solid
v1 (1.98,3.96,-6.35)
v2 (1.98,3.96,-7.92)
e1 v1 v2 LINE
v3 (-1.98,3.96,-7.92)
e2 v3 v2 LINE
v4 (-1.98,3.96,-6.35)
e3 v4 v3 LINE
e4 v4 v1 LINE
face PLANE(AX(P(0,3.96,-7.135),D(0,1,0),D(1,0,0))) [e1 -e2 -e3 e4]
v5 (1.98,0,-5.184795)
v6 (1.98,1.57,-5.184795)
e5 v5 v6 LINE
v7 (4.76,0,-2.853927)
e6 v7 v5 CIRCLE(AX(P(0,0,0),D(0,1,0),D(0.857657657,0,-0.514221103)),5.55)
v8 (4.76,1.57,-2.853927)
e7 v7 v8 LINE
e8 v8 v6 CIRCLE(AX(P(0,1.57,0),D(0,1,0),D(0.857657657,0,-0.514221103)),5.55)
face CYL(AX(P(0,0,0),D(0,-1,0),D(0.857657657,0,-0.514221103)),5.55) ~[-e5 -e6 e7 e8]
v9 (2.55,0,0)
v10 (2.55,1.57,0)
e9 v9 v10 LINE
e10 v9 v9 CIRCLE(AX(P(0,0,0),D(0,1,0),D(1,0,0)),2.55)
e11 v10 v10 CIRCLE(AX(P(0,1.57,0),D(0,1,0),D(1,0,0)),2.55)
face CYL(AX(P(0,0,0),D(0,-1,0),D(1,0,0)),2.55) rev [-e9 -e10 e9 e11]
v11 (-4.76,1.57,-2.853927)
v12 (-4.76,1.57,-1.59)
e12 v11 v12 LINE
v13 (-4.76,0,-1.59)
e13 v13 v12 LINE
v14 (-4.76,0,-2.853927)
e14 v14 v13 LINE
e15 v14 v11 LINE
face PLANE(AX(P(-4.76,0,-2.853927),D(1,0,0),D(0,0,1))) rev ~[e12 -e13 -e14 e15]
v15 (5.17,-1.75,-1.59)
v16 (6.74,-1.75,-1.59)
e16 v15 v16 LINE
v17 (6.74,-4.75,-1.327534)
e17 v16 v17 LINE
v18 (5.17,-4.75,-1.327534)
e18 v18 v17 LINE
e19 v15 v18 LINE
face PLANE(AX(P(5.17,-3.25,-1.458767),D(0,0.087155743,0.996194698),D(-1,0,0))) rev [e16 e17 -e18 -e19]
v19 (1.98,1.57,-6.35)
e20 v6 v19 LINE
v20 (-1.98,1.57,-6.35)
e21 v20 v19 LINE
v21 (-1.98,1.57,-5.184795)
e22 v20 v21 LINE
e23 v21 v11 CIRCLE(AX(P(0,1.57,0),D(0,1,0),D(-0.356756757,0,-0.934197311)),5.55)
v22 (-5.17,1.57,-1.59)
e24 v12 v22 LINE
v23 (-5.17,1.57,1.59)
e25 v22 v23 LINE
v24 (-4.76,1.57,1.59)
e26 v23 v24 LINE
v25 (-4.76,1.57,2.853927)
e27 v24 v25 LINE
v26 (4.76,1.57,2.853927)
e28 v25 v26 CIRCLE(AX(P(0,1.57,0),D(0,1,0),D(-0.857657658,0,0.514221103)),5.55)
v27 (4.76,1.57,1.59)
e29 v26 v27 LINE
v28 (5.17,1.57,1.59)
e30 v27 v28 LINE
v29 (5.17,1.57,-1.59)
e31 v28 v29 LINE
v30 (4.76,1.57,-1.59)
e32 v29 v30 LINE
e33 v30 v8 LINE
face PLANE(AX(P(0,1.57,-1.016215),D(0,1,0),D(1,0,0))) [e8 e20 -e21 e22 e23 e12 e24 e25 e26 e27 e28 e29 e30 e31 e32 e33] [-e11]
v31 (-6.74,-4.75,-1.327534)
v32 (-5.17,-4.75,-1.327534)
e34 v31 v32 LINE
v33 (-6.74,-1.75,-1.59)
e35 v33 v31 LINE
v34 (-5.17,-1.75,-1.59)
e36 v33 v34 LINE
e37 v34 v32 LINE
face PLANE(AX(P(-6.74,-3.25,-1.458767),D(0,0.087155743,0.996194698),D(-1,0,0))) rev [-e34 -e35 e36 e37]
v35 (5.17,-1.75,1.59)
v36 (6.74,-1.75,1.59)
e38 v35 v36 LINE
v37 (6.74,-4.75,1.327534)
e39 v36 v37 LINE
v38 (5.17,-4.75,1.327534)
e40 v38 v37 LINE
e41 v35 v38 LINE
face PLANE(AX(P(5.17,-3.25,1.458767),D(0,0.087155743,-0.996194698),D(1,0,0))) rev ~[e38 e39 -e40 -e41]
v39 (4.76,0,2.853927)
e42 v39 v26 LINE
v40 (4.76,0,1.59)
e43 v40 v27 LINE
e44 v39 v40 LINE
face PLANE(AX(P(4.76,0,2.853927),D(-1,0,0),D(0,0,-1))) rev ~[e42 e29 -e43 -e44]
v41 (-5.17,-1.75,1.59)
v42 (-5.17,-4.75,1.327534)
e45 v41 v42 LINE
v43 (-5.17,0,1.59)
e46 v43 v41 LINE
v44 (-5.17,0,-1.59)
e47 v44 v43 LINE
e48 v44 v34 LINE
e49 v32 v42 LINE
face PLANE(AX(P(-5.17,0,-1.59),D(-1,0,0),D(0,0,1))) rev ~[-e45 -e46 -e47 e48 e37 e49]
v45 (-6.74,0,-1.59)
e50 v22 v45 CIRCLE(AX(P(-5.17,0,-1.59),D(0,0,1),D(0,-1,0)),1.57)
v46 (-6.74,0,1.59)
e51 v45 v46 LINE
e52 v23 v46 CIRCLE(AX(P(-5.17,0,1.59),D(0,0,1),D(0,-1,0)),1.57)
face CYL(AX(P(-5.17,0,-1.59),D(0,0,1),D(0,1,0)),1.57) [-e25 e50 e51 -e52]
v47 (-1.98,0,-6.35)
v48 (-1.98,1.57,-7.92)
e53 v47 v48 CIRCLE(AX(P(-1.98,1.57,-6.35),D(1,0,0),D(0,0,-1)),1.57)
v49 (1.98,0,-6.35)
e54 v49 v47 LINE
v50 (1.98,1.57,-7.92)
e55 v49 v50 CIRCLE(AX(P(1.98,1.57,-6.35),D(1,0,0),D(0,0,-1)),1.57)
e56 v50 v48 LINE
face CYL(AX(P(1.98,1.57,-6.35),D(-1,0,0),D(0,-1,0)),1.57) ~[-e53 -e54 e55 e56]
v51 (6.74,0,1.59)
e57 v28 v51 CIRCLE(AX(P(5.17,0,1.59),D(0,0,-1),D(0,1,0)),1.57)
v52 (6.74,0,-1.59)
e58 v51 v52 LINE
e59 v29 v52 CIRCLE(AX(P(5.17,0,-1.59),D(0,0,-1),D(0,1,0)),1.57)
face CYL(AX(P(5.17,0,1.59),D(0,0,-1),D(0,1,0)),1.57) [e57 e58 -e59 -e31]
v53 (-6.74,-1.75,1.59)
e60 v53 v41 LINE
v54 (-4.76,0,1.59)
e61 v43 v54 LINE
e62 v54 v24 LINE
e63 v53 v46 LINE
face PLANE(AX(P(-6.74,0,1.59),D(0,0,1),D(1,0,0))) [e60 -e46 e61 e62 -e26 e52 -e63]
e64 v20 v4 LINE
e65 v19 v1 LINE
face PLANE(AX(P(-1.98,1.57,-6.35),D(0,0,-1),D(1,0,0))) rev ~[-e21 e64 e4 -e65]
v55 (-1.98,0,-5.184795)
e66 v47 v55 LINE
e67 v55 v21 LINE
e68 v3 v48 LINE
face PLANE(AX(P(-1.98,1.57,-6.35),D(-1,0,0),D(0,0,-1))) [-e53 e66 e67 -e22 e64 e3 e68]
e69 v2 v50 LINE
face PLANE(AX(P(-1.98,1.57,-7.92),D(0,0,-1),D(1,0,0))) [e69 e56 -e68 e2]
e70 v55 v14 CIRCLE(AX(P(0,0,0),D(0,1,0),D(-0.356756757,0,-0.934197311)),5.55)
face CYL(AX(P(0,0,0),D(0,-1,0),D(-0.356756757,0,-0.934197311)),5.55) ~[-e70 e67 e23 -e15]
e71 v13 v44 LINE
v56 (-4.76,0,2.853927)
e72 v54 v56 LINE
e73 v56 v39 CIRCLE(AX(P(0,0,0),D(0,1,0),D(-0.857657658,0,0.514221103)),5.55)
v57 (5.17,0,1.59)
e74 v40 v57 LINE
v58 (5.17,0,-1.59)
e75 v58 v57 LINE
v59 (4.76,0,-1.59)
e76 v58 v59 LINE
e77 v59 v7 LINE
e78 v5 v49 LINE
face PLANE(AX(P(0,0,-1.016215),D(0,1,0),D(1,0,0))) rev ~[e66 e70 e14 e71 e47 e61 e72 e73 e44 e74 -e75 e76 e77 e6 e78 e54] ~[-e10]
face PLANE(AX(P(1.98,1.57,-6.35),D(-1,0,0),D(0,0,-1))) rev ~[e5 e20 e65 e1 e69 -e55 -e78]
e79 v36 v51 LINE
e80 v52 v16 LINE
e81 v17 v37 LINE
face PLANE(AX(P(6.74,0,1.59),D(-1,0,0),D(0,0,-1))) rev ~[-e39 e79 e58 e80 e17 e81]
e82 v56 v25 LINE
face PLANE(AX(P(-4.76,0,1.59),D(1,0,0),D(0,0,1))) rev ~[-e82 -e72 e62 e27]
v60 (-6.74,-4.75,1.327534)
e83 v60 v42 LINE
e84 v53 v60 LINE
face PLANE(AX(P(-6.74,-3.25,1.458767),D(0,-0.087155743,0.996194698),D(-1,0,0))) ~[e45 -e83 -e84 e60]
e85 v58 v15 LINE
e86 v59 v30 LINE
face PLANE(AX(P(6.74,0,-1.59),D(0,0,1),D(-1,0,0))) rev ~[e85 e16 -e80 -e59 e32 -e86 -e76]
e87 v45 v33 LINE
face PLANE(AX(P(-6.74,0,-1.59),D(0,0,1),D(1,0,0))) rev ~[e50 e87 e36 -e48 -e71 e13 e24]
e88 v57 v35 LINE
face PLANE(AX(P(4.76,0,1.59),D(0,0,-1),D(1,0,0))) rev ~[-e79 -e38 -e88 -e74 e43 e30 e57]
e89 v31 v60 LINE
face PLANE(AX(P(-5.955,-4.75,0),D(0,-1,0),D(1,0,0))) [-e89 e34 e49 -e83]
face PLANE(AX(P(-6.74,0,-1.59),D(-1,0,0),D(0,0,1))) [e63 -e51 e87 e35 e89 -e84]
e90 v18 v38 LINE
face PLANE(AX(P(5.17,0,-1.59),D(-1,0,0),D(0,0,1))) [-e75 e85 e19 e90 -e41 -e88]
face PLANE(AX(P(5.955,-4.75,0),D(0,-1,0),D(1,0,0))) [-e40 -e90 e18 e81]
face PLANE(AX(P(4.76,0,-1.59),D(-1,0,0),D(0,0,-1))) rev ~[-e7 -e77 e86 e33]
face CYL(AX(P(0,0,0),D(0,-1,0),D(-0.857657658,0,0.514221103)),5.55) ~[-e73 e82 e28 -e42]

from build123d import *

# Parameters (mm, degrees)
SKETCH1_R             = 2.55
BOSS_EXTRUDE1_DEPTH   = 1.57
SKETCH2_W             = 1.57
SKETCH2_H             = 3.18
BOSS_EXTRUDE2_DEPTH   = 4.75
SKETCH3_W             = 3.96
SKETCH3_H             = 1.57
BOSS_EXTRUDE3_DEPTH   = 2.39
FILLET1_R             = 1.57
CHAMFER1_SIZE         = 3
CHAMFER1_SIZE2        = 0.262465991
CHAMFER1_PART_2_SIZE  = 3
CHAMFER1_PART_2_SIZE2 = 0.262465991
CHAMFER1_PART_3_SIZE  = 3
CHAMFER1_PART_3_SIZE2 = 0.262465991
CHAMFER1_PART_4_SIZE  = 3
CHAMFER1_PART_4_SIZE2 = 0.262465991


with BuildPart() as part:
    # Sketch1 → Boss-Extrude1 (new body)
    with BuildSketch(Plane(origin=(0, 0, 0), x_dir=(1, 0, 0), z_dir=(0, 1, 0))):
        with BuildLine():
            Line((-4.76, 2.853927119), (-4.76, 1.59))
            Line((-4.76, 1.59), (-6.74, 1.59))
            Line((-6.74, 1.59), (-6.74, -1.59))
            Line((-6.74, -1.59), (-4.76, -1.59))
            Line((-4.76, -1.59), (-4.76, -2.853927119))
            ThreePointArc((-4.76, -2.853927119), (0, -5.55), (4.76, -2.853927119))
            Line((4.76, -2.853927119), (4.76, -1.59))
            Line((4.76, -1.59), (6.74, -1.59))
            Line((6.74, -1.59), (6.74, 1.59))
            Line((6.74, 1.59), (4.76, 1.59))
            Line((4.76, 1.59), (4.76, 2.853927119))
            ThreePointArc((4.76, 2.853927119), (3.565828986, 4.252924128), (1.98, 5.184795078))
            Line((1.98, 5.184795078), (1.98, 7.92))
            Line((1.98, 7.92), (-1.98, 7.92))
            Line((-1.98, 7.92), (-1.98, 5.184795078))
            ThreePointArc((-1.98, 5.184795078), (-3.565828986, 4.252924128), (-4.76, 2.853927119))
        make_face()
        Circle(SKETCH1_R, mode=Mode.SUBTRACT)
    extrude(amount=BOSS_EXTRUDE1_DEPTH)

    # Sketch2 → Boss-Extrude2 (add)
    with BuildSketch(Plane.XZ):
        with Locations((-5.955, 0)):
            Rectangle(SKETCH2_W, SKETCH2_H)
        with Locations((5.955, 0)):
            Rectangle(SKETCH2_W, SKETCH2_H)
    extrude(amount=BOSS_EXTRUDE2_DEPTH)

    # Sketch3 → Boss-Extrude3 (add)
    with BuildSketch(Plane(origin=(0, 1.57, 0), x_dir=(1, 0, 0), z_dir=(0, 1, 0))):
        with Locations((0, 7.135)):
            Rectangle(SKETCH3_W, SKETCH3_H)
    extrude(amount=BOSS_EXTRUDE3_DEPTH)

    # Fillet1
    fillet1_edges = [part.edges().sort_by_distance(p)[0] for p in [
        (0, 0, -7.92),
        (6.74, 1.57, 0),
        (-6.74, 1.57, 0),
    ]]
    fillet(fillet1_edges, radius=FILLET1_R)

    # Chamfer1
    chamfer1_edges = [part.edges().sort_by_distance(p)[0] for p in [
        (5.955, -4.75, -1.59),
    ]]
    chamfer1_side = [part.faces().sort_by_distance(p)[0] for p in [
        (5.8686205, -1.585741835, -1.59),
    ]]
    chamfer(chamfer1_edges, length=CHAMFER1_SIZE, length2=CHAMFER1_SIZE2, reference=chamfer1_side[0])

    # Chamfer1 part 2
    chamfer1_part_2_edges = [part.edges().sort_by_distance(p)[0] for p in [
        (5.955, -4.75, 1.59),
    ]]
    chamfer1_part_2_side = [part.faces().sort_by_distance(p)[0] for p in [
        (5.8686205, -1.585741835, 1.59),
    ]]
    chamfer(chamfer1_part_2_edges, length=CHAMFER1_PART_2_SIZE, length2=CHAMFER1_PART_2_SIZE2, reference=chamfer1_part_2_side[0])

    # Chamfer1 part 3
    chamfer1_part_3_edges = [part.edges().sort_by_distance(p)[0] for p in [
        (-5.955, -4.75, -1.59),
    ]]
    chamfer1_part_3_side = [part.faces().sort_by_distance(p)[0] for p in [
        (-5.8686205, -1.585741835, -1.59),
    ]]
    chamfer(chamfer1_part_3_edges, length=CHAMFER1_PART_3_SIZE, length2=CHAMFER1_PART_3_SIZE2, reference=chamfer1_part_3_side[0])

    # Chamfer1 part 4
    chamfer1_part_4_edges = [part.edges().sort_by_distance(p)[0] for p in [
        (-5.955, -4.75, 1.59),
    ]]
    chamfer1_part_4_side = [part.faces().sort_by_distance(p)[0] for p in [
        (-5.8686205, -1.585741835, 1.59),
    ]]
    chamfer(chamfer1_part_4_edges, length=CHAMFER1_PART_4_SIZE, length2=CHAMFER1_PART_4_SIZE2, reference=chamfer1_part_4_side[0])


solid = part.part
